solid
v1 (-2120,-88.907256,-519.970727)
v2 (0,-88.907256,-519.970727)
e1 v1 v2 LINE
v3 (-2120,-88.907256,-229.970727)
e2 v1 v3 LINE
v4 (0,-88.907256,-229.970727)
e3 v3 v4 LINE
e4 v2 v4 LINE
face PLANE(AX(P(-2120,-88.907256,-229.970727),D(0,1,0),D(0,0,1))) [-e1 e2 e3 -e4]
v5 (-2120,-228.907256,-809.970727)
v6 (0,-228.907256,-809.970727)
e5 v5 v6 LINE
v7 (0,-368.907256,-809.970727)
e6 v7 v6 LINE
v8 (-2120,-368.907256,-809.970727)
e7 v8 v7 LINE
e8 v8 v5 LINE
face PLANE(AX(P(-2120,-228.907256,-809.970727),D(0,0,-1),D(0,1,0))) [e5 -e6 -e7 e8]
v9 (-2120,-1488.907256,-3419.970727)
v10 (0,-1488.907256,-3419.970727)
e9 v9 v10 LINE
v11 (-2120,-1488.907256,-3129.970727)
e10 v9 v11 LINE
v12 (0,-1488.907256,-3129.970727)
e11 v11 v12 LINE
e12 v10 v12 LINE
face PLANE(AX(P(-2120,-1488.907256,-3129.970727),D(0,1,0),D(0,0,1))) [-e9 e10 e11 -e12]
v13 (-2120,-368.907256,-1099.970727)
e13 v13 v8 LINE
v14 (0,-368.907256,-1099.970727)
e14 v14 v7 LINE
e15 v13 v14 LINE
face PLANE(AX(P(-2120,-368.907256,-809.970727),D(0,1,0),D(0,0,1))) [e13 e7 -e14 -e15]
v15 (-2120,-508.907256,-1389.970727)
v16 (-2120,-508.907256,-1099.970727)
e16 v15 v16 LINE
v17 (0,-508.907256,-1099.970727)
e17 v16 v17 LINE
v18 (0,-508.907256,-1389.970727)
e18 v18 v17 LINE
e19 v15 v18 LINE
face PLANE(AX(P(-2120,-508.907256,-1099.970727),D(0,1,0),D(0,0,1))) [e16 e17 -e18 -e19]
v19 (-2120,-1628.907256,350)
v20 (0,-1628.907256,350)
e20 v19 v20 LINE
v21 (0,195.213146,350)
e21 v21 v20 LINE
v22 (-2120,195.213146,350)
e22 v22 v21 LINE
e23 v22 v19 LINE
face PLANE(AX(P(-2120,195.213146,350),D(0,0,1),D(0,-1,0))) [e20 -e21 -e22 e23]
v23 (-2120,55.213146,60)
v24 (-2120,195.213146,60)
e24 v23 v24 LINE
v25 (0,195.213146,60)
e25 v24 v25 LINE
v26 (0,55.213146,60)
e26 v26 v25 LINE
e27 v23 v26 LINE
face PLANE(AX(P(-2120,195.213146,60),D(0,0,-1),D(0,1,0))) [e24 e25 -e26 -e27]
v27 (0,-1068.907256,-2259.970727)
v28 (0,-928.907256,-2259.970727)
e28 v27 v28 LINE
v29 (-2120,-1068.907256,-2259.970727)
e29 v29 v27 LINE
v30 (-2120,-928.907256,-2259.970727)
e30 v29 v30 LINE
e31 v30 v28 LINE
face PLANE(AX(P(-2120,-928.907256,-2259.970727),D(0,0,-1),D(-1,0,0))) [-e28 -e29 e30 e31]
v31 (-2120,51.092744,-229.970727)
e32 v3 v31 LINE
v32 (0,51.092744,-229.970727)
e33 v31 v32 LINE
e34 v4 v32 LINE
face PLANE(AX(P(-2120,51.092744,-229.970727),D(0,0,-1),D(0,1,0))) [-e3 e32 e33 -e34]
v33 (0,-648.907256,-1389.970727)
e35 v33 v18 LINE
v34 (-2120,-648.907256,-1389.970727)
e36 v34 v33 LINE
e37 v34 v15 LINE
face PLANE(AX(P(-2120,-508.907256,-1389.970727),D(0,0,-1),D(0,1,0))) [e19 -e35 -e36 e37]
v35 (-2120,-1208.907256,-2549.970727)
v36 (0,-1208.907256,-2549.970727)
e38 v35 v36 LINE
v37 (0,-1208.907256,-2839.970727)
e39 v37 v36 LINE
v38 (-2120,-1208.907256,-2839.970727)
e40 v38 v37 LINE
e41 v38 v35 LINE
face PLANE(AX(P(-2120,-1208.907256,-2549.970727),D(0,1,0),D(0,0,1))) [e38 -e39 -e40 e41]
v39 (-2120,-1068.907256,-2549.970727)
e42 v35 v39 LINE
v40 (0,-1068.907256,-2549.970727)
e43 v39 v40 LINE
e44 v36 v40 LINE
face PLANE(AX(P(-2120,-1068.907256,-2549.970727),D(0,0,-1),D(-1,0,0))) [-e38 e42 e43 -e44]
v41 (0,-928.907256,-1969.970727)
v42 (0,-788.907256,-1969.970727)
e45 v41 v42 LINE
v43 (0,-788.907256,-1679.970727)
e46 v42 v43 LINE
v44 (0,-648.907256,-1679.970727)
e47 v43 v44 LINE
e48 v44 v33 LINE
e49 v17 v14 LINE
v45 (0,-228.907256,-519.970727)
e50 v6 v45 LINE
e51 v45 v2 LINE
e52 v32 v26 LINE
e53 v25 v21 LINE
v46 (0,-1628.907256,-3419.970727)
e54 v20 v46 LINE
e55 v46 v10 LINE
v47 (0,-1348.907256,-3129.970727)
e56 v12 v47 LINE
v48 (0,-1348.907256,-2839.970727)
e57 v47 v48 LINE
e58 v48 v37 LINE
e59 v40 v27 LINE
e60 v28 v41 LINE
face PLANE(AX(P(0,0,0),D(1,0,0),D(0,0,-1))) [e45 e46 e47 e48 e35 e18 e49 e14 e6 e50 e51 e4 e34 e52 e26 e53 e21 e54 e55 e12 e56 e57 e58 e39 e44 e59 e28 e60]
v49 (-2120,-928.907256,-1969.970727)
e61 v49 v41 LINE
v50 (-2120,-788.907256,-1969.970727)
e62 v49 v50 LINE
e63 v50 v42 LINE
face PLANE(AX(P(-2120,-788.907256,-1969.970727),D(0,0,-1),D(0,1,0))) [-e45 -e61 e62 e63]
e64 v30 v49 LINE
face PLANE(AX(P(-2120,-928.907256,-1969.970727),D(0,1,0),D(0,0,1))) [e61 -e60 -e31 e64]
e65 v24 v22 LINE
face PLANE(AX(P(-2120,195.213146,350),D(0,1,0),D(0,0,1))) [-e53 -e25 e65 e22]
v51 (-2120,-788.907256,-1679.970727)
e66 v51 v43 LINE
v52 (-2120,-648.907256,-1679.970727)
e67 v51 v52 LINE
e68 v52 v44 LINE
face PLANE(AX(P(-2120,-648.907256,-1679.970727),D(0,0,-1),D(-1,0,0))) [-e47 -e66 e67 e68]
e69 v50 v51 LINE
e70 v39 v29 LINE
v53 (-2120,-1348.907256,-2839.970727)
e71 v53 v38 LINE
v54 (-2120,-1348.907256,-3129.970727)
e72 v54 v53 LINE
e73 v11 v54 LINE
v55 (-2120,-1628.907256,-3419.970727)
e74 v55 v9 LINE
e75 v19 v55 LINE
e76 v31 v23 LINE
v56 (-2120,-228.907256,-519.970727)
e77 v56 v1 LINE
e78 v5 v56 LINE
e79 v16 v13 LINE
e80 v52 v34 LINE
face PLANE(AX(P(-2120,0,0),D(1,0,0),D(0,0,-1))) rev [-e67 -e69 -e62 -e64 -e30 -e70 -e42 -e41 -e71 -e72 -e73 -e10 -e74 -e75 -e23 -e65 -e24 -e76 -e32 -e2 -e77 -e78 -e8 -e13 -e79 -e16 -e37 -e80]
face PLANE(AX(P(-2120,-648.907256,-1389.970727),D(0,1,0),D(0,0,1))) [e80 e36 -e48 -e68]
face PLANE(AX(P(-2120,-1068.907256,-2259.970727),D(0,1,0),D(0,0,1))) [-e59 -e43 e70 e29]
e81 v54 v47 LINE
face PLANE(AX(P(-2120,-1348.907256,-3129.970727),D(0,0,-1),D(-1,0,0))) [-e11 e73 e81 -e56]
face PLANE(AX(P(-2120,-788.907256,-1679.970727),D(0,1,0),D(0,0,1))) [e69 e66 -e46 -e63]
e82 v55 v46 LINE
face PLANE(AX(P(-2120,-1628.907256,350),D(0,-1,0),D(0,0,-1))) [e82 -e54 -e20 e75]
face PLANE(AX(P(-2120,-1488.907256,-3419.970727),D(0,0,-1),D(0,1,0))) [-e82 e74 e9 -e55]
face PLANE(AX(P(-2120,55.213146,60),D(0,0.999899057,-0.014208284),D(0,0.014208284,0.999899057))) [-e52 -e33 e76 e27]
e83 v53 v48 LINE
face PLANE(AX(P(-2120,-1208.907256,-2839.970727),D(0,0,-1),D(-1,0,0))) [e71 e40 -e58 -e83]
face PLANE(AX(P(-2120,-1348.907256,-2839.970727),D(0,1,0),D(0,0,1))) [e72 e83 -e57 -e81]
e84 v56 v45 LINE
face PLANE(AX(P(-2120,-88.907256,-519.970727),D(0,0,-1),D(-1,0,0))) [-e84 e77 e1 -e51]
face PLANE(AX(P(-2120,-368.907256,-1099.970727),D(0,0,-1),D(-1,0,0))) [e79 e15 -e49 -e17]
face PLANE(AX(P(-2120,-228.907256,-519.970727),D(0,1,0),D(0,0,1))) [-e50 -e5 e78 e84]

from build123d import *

# Parameters (mm, degrees)
BOSS_EXTRUDE1_DEPTH = 2120


with BuildPart() as part:
    # Sketch1 → Boss-Extrude1 (new body)
    with BuildSketch(Plane(origin=(0, 0, 0), x_dir=(0, 0, -1), z_dir=(1, 0, 0))):
        Polygon((-350, 195.21314577), (-60, 195.21314577), (-60, 55.21314577), (229.9707266, 51.09274351), (229.9707266, -88.90725649), (519.9707266, -88.90725649), (519.9707266, -228.90725649), (809.9707266, -228.90725649), (809.9707266, -368.90725649), (1099.9707266, -368.90725649), (1099.9707266, -508.90725649), (1389.9707266, -508.90725649), (1389.9707266, -648.90725649), (1679.9707266, -648.90725649), (1679.9707266, -788.90725649), (1969.9707266, -788.90725649), (1969.9707266, -928.90725649), (2259.9707266, -928.90725649), (2259.9707266, -1068.90725649), (2549.9707266, -1068.90725649), (2549.9707266, -1208.90725649), (2839.9707266, -1208.90725649), (2839.9707266, -1348.90725649), (3129.9707266, -1348.90725649), (3129.9707266, -1488.90725649), (3419.9707266, -1488.90725649), (3419.9707266, -1628.90725649), (-350, -1628.90725649), align=None)
    extrude(amount=-BOSS_EXTRUDE1_DEPTH)


solid = part.part
